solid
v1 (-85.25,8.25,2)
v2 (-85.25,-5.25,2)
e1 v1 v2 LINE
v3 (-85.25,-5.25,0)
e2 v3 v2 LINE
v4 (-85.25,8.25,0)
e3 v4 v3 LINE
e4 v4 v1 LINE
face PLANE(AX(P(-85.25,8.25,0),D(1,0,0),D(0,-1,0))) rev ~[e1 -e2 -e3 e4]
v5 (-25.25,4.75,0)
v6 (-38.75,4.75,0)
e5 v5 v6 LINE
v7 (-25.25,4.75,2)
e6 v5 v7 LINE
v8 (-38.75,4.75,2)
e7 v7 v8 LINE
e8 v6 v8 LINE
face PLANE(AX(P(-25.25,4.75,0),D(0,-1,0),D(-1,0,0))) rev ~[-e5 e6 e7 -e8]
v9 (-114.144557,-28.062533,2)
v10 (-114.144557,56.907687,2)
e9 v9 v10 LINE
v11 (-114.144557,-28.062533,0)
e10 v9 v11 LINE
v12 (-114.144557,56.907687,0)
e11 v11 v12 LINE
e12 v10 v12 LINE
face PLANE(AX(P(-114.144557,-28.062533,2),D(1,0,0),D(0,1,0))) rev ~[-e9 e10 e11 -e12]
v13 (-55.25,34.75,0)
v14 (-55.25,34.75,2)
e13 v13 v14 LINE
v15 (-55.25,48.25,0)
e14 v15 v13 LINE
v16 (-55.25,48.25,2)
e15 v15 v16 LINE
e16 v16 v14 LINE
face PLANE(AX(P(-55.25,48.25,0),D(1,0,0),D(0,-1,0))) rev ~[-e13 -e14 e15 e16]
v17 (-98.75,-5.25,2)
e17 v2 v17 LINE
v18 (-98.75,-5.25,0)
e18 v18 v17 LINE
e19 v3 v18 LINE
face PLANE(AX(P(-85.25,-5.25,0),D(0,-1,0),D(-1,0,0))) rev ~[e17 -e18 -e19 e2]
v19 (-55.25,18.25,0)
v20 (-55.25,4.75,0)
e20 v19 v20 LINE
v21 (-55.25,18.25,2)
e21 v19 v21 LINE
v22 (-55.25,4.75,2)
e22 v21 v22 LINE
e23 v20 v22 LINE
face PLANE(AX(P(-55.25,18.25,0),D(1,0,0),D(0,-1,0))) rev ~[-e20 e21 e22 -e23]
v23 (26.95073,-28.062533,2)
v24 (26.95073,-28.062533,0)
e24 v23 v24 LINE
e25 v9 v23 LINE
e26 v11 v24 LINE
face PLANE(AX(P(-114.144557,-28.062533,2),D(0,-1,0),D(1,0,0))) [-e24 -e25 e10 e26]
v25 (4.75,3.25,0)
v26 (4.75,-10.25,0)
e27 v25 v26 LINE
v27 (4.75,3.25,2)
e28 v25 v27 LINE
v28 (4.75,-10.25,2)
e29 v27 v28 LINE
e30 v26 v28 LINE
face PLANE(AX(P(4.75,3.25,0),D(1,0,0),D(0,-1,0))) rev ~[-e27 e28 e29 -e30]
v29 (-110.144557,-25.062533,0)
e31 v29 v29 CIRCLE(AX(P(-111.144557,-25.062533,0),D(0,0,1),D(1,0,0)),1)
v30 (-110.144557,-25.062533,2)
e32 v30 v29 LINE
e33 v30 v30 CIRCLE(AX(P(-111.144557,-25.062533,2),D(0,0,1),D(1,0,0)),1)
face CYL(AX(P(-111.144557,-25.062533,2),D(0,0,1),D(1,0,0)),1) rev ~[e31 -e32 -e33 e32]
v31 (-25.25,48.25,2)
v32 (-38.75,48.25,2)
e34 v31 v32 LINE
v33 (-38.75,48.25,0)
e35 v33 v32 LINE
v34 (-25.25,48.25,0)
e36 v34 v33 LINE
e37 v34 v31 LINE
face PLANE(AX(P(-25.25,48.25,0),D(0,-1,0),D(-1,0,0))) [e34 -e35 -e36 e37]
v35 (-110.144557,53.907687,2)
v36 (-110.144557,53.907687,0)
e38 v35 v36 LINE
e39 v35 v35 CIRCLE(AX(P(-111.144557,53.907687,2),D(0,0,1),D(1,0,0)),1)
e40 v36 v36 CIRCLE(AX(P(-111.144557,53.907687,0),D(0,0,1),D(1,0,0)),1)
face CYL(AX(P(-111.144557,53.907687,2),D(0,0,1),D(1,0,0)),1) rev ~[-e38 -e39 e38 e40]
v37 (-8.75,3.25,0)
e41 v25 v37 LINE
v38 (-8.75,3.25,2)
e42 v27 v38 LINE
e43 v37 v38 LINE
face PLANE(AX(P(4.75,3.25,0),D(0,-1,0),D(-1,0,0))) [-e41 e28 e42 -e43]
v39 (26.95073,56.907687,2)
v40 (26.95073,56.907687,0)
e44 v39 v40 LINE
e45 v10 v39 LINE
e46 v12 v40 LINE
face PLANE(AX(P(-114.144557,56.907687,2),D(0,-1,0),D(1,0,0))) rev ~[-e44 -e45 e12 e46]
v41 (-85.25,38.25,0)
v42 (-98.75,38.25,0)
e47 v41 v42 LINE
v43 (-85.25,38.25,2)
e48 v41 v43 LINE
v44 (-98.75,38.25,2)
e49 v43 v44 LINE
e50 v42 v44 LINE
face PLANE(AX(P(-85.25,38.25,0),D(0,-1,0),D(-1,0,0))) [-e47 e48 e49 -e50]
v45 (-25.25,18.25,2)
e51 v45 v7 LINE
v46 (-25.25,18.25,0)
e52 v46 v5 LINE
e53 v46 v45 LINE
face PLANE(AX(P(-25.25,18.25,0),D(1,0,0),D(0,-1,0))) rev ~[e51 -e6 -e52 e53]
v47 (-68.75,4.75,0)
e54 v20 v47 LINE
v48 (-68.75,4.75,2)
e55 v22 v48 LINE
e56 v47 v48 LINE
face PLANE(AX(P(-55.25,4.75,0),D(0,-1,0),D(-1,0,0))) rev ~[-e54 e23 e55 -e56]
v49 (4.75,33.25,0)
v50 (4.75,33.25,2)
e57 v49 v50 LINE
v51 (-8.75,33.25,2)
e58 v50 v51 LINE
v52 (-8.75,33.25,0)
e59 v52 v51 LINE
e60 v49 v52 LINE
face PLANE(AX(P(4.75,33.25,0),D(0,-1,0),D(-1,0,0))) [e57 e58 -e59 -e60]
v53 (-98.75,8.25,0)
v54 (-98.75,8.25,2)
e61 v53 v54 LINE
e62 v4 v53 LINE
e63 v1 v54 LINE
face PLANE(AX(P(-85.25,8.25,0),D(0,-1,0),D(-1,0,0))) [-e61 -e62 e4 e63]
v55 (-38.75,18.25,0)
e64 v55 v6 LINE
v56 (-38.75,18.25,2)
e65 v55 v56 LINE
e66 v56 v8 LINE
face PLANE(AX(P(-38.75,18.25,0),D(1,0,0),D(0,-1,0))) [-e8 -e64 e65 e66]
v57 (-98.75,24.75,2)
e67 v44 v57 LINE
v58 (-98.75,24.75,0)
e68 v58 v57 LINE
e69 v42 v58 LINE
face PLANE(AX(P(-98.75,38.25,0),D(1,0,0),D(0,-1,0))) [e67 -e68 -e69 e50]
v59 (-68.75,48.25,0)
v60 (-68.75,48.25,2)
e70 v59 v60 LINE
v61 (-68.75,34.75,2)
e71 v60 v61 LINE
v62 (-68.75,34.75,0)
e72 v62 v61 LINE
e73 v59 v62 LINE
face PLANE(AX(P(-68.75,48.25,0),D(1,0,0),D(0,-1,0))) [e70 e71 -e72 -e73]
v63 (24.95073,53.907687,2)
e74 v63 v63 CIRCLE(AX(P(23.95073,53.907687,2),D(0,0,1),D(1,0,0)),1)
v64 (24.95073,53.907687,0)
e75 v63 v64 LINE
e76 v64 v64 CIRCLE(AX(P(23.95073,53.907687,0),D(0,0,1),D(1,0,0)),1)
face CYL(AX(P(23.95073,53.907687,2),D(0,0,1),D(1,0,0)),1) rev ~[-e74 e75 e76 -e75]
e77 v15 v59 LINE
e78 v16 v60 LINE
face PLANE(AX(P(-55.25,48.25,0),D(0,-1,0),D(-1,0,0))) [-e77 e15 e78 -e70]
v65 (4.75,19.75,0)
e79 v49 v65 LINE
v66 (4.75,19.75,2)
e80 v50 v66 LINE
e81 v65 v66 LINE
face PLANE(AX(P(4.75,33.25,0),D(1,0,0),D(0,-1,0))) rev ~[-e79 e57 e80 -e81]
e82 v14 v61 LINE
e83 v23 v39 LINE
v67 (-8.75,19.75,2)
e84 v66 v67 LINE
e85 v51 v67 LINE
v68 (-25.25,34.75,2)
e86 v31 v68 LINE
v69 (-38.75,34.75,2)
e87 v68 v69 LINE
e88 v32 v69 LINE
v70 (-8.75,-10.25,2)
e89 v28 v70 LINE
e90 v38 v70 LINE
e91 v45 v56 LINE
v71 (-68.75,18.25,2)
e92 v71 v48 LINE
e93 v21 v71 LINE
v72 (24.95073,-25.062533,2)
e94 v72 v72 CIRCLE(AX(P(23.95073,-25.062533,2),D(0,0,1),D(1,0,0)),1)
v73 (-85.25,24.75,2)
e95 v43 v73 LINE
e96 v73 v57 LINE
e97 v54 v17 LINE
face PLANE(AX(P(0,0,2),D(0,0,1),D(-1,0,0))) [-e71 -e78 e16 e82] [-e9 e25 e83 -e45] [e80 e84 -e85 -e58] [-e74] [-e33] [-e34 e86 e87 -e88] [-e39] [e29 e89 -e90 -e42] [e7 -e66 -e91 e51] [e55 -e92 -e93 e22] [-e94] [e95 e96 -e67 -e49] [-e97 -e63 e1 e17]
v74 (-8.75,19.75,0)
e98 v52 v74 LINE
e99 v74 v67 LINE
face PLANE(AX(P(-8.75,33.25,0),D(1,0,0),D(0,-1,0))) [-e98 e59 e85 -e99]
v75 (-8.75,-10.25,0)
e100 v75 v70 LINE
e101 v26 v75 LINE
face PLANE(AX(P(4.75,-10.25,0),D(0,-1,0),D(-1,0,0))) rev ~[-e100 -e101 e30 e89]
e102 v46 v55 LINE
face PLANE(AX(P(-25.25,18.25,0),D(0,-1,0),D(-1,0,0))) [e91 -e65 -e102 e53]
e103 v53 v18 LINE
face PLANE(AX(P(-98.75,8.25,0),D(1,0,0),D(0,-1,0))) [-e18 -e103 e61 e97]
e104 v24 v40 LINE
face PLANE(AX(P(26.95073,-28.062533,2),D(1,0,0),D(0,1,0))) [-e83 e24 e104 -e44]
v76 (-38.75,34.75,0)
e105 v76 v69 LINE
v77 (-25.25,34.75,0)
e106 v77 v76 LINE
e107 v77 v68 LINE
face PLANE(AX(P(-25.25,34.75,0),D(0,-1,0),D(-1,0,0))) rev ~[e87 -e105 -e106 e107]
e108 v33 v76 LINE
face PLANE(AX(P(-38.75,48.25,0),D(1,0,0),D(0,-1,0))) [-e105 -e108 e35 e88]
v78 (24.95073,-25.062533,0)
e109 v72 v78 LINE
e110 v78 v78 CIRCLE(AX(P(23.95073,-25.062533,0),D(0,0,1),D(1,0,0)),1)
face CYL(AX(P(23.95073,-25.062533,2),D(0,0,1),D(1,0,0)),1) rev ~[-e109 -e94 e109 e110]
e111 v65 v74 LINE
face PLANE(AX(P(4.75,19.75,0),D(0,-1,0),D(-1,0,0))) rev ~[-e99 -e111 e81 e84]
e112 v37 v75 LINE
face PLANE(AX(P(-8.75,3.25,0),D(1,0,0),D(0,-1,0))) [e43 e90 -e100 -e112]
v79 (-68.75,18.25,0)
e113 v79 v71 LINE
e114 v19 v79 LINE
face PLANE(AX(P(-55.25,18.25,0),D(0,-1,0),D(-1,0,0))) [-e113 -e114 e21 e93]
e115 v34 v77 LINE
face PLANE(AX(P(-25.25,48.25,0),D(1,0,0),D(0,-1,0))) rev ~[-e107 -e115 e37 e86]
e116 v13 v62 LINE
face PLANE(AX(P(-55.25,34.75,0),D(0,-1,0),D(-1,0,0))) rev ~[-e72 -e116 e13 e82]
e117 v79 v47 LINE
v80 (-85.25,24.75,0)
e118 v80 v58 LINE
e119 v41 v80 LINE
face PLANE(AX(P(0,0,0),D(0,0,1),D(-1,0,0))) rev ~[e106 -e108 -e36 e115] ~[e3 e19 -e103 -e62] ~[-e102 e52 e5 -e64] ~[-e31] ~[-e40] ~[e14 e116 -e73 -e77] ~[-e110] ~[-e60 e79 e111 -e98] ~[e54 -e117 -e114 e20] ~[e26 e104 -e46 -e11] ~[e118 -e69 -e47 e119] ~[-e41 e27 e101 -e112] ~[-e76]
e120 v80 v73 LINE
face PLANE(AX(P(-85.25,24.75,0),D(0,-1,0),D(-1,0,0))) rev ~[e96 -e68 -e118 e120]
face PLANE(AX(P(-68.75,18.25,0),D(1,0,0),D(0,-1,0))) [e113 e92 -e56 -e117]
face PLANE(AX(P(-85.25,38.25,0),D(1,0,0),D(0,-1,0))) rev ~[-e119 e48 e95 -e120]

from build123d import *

# Parameters (mm, degrees)
SKETCH1_W           = 250
SKETCH1_H           = 123
SKETCH1_W_2         = 13.5
SKETCH1_H_2         = 13.5
BOSS_EXTRUDE1_DEPTH = 2
SKETCH3_W           = 250
SKETCH3_H           = 123
SKETCH3_W_2         = 141.095287024
SKETCH3_H_2         = 84.970220395
CUT_EXTRUDE2_DEPTH  = 62
SKETCH4_R           = 1
CUT_EXTRUDE3_DEPTH  = 62


with BuildPart() as part:
    # Sketch1 → Boss-Extrude1 (new body)
    with BuildSketch(Plane(origin=(0, 0, 0), x_dir=(-1, 0, 0), z_dir=(0, 0, 1))):
        Rectangle(SKETCH1_W, SKETCH1_H)
        with Locations((92, -31.5)):
            Rectangle(SKETCH1_W_2, SKETCH1_H_2, mode=Mode.SUBTRACT)
        with Locations((92, -1.5)):
            Rectangle(SKETCH1_W_2, SKETCH1_H_2, mode=Mode.SUBTRACT)
        with Locations((62, -41.5)):
            Rectangle(SKETCH1_W_2, SKETCH1_H_2, mode=Mode.SUBTRACT)
        with Locations((62, -11.5)):
            Rectangle(SKETCH1_W_2, SKETCH1_H_2, mode=Mode.SUBTRACT)
        with Locations((32, -41.5)):
            Rectangle(SKETCH1_W_2, SKETCH1_H_2, mode=Mode.SUBTRACT)
        with Locations((32, -11.5)):
            Rectangle(SKETCH1_W_2, SKETCH1_H_2, mode=Mode.SUBTRACT)
        with Locations((2, -26.5)):
            Rectangle(SKETCH1_W_2, SKETCH1_H_2, mode=Mode.SUBTRACT)
        with Locations((2, 3.5)):
            Rectangle(SKETCH1_W_2, SKETCH1_H_2, mode=Mode.SUBTRACT)
    extrude(amount=BOSS_EXTRUDE1_DEPTH)

    # Sketch3 → Cut-Extrude2 (cut)
    with BuildSketch(Plane.XY.offset(2)):
        Rectangle(SKETCH3_W, SKETCH3_H)
        with Locations((-43.596913119, 14.422576882)):
            Rectangle(SKETCH3_W_2, SKETCH3_H_2, mode=Mode.SUBTRACT)
    extrude(amount=-CUT_EXTRUDE2_DEPTH, mode=Mode.SUBTRACT)

    # Sketch4 → Cut-Extrude3 (cut)
    with BuildSketch(Plane.XY.offset(2)):
        with Locations((23.950730393, -25.062533315)):
            Circle(SKETCH4_R)
        with Locations((23.950730393, 53.90768708)):
            Circle(SKETCH4_R)
        with Locations((-111.144556631, 53.90768708)):
            Circle(SKETCH4_R)
        with Locations((-111.144556631, -25.062533315)):
            Circle(SKETCH4_R)
    extrude(amount=-CUT_EXTRUDE3_DEPTH, mode=Mode.SUBTRACT)


solid = part.part
